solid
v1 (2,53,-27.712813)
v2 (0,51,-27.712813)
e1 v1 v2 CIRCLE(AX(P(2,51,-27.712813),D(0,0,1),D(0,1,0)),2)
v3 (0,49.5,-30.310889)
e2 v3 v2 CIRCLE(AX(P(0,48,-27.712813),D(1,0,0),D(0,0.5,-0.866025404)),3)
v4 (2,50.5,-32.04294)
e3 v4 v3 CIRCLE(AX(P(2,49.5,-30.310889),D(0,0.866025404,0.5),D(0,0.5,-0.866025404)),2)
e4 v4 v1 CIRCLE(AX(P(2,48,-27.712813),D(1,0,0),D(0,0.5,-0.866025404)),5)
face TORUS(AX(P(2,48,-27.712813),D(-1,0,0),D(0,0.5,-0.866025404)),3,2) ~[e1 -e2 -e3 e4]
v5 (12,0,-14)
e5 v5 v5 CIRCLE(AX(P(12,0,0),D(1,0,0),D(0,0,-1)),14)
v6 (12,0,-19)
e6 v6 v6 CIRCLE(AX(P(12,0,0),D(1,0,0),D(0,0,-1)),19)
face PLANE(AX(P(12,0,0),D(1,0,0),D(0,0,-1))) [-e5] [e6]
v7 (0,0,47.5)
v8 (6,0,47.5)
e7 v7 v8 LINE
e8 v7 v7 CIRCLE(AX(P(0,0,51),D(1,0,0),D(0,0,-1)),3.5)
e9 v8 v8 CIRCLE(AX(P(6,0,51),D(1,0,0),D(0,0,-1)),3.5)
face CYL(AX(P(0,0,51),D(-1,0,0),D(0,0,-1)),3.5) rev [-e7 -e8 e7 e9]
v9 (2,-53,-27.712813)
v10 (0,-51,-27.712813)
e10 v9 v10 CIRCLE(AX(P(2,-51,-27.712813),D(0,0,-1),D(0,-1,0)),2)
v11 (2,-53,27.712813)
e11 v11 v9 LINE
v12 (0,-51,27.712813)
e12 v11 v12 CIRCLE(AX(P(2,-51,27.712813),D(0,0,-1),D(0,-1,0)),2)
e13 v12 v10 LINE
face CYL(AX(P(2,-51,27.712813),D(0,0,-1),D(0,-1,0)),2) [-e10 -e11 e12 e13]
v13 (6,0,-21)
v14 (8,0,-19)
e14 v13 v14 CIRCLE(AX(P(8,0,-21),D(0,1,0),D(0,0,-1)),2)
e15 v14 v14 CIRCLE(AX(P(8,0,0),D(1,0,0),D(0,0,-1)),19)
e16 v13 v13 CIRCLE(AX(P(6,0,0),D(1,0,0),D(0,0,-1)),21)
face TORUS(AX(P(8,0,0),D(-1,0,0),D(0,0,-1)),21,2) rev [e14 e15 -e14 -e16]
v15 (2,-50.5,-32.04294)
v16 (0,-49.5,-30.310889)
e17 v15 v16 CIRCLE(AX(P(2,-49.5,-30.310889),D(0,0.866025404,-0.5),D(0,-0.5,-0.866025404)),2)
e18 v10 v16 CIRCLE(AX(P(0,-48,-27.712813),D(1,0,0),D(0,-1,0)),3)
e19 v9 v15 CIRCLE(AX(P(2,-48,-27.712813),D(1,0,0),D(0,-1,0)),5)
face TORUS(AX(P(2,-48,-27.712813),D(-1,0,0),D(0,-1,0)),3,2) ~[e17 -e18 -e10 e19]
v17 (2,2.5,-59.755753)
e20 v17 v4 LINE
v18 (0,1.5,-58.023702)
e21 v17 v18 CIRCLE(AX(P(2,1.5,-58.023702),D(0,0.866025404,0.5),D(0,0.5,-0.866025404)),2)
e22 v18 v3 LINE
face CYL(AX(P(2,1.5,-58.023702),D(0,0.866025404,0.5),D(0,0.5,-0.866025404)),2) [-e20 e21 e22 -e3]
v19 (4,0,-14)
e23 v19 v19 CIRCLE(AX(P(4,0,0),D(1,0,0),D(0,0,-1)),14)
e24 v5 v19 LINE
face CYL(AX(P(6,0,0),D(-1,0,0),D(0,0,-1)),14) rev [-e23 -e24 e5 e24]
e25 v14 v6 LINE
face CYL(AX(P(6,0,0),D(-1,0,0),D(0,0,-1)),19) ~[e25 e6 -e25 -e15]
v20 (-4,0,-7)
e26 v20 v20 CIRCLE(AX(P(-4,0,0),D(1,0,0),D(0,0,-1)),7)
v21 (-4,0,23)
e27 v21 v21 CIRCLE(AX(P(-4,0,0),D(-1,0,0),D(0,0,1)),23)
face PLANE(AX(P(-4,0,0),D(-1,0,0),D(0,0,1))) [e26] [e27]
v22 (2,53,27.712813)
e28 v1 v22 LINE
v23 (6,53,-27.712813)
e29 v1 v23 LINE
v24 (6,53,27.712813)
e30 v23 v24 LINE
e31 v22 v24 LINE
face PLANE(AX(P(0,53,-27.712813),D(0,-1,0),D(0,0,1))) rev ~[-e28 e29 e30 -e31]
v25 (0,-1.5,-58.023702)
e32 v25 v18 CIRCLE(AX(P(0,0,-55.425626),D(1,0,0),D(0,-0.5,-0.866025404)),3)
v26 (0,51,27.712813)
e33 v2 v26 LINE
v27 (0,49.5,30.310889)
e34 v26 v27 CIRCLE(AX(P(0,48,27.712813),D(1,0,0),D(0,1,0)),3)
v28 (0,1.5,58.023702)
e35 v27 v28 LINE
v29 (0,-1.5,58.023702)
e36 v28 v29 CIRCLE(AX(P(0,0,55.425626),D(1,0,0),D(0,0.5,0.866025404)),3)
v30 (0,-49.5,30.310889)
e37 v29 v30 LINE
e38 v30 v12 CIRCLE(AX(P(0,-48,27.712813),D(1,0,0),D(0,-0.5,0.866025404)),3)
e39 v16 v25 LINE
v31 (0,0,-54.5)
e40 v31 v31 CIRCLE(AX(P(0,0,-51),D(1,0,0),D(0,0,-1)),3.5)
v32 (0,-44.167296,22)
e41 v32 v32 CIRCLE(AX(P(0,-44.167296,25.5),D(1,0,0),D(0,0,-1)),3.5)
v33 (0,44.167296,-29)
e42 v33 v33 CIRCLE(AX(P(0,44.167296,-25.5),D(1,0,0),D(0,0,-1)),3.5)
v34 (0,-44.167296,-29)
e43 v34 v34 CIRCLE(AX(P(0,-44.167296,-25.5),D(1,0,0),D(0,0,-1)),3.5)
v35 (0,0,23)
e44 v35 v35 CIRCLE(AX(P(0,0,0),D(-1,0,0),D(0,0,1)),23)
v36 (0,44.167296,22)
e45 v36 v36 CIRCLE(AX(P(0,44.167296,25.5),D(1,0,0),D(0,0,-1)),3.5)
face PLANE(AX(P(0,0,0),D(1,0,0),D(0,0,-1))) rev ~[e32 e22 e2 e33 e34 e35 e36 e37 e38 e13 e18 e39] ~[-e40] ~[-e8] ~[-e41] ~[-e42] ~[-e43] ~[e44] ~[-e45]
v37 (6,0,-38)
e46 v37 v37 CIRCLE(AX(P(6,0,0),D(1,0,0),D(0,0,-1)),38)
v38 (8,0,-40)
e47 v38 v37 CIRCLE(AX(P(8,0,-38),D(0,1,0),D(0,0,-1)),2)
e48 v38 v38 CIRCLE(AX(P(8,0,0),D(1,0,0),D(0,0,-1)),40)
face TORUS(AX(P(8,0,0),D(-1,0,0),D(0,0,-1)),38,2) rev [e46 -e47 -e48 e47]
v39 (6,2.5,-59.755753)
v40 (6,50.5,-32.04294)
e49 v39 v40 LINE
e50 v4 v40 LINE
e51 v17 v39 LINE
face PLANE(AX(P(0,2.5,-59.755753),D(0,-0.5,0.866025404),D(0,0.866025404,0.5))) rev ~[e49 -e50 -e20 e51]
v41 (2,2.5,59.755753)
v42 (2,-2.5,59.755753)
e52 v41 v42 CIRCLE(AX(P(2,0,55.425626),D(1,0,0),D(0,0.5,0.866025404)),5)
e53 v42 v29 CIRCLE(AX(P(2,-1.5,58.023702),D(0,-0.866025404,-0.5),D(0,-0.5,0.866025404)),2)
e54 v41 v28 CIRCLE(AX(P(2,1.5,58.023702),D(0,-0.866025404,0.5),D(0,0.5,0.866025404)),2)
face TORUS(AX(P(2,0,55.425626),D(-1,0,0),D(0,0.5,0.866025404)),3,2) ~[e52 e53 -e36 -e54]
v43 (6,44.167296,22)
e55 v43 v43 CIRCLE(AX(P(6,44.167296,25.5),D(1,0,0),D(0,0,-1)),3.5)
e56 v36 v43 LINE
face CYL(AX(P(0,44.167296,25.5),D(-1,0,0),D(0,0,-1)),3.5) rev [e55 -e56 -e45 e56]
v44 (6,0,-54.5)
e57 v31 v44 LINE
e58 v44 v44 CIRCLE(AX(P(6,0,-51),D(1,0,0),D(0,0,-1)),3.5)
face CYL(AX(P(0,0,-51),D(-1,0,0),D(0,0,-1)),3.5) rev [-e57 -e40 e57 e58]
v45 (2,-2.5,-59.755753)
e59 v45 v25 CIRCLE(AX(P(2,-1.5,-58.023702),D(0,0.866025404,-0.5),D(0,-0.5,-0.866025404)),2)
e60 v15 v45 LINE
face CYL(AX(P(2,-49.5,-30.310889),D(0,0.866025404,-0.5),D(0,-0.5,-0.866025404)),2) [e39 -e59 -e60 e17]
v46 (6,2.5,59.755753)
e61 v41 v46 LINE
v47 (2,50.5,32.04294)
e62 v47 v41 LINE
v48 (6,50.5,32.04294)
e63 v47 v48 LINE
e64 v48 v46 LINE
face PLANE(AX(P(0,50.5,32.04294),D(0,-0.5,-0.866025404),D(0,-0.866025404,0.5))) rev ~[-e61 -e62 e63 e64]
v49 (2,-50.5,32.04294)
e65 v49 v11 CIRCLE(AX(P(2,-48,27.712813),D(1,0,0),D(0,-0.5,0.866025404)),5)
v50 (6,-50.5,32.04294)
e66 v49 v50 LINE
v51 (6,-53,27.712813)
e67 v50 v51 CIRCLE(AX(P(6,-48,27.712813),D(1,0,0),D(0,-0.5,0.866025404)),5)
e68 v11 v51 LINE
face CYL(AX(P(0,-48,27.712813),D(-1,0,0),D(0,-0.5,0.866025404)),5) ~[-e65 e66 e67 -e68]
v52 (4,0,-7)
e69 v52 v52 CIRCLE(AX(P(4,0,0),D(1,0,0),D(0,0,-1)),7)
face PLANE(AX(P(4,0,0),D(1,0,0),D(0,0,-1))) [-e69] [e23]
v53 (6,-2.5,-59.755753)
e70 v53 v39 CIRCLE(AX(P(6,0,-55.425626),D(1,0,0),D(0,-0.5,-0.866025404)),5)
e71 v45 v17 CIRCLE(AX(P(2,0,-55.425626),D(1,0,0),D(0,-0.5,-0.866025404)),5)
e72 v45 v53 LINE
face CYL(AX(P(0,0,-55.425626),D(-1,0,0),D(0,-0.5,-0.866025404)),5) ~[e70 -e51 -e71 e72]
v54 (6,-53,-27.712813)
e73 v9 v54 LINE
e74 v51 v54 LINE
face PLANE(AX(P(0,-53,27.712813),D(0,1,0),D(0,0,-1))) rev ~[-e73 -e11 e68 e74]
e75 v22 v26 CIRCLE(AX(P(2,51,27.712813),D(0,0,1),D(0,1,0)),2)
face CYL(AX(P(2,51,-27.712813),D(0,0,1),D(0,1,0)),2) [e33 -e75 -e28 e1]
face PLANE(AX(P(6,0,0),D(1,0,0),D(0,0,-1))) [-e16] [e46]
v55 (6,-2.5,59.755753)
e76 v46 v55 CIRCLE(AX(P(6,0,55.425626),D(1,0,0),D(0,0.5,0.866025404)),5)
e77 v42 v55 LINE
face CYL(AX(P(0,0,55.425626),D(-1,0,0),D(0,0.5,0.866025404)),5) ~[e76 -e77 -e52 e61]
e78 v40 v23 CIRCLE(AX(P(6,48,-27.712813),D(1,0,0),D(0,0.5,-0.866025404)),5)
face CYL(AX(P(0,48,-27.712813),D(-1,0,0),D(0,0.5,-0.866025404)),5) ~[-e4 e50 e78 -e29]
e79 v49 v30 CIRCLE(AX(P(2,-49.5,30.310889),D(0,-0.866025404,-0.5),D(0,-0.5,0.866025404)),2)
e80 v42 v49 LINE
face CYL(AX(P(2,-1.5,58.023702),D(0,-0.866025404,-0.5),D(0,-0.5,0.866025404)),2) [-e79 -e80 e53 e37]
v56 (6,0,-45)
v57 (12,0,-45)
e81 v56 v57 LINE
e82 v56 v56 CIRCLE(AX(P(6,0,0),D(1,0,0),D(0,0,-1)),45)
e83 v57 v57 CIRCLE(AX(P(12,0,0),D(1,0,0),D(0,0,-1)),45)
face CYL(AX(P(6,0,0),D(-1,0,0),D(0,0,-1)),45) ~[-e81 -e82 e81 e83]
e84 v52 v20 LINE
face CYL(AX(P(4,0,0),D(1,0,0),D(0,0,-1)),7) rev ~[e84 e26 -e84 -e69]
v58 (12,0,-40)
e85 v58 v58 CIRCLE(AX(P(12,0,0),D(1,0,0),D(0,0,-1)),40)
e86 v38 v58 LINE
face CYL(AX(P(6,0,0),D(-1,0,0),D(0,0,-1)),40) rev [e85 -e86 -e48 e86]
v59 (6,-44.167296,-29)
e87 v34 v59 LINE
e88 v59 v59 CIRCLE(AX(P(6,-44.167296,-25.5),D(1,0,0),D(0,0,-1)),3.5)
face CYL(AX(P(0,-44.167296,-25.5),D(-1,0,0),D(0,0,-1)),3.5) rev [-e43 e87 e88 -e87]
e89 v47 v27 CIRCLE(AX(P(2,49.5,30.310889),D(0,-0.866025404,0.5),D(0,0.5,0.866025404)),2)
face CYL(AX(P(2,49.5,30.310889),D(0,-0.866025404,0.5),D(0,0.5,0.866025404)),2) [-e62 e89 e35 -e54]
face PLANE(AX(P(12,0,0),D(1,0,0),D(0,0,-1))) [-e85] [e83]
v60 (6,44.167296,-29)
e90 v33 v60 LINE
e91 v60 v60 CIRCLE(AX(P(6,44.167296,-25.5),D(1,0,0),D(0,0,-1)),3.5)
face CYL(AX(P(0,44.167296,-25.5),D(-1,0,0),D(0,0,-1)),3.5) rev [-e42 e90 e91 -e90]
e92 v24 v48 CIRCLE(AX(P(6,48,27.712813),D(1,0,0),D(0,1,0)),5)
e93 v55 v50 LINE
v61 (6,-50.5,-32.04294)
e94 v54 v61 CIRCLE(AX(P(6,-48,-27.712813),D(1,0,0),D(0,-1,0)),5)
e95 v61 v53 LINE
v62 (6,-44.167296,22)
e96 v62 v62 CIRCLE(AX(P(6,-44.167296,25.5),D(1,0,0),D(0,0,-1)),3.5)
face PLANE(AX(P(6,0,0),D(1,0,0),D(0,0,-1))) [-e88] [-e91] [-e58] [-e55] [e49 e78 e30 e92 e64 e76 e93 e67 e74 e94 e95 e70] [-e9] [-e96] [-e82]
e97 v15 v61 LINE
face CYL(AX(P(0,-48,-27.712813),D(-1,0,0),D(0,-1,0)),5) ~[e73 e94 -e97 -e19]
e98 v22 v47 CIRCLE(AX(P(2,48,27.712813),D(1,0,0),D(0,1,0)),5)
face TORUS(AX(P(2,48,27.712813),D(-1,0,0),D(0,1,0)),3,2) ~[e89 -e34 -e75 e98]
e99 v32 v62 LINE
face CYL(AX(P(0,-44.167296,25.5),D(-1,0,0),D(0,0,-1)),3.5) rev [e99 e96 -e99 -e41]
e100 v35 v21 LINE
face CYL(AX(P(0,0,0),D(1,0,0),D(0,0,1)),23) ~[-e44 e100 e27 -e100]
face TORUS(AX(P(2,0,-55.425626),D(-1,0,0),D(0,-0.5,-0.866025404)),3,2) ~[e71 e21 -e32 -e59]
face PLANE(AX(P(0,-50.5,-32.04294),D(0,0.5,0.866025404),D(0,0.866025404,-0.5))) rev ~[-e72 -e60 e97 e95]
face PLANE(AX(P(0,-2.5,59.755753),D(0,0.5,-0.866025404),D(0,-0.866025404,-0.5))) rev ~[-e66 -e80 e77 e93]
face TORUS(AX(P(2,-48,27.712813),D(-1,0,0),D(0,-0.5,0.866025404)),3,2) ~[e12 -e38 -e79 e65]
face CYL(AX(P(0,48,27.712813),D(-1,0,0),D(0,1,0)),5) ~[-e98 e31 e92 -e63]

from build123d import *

# Parameters (mm, degrees)
SKETCH1_R               = 3.5
BOSS_EXTRUDE1_DEPTH     = 6
FILLET1_R               = 2
SKETCH2_R               = 45
SKETCH2_R_2             = 40
BOSS_EXTRUDE2_DEPTH     = 6
FILLET2_R               = 2
SKETCH3_R               = 19
SKETCH3_R_2             = 14
BOSS_EXTRUDE3_DEPTH     = 6
FILLET3_R               = 2
SKETCH4_R               = 14
CUT_EXTRUDE1_DEPTH      = 2
SKETCH6_R               = 23
BOSS_EXTRUDE4_DEPTH     = 4
SKETCH7_R               = 7
CUT_EXTRUDE2_DEPTH      = 9
CUT_EXTRUDE2_DEPTH_BACK = 9


with BuildPart() as part:
    # Sketch1 → Boss-Extrude1 (new body)
    with BuildSketch(Plane(origin=(0, 0, 0), x_dir=(0, 0, -1), z_dir=(1, 0, 0))):
        with BuildLine():
            Line((59.755752861, 2.5), (32.04293994, 50.5))
            ThreePointArc((32.04293994, 50.5), (30.212812921, 52.330127019), (27.712812921, 53))
            Line((27.712812921, 53), (-27.712812921, 53))
            ThreePointArc((-27.712812921, 53), (-30.212812921, 52.330127019), (-32.04293994, 50.5))
            Line((-32.04293994, 50.5), (-59.755752861, 2.5))
            ThreePointArc((-59.755752861, 2.5), (-60.425625842, 0), (-59.755752861, -2.5))
            Line((-59.755752861, -2.5), (-32.04293994, -50.5))
            ThreePointArc((-32.04293994, -50.5), (-30.212812921, -52.330127019), (-27.712812921, -53))
            Line((-27.712812921, -53), (27.712812921, -53))
            ThreePointArc((27.712812921, -53), (30.212812921, -52.330127019), (32.04293994, -50.5))
            Line((32.04293994, -50.5), (59.755752861, -2.5))
            ThreePointArc((59.755752861, -2.5), (60.425625842, 0), (59.755752861, 2.5))
        make_face()
        with Locations((-51, 0)):
            Circle(SKETCH1_R, mode=Mode.SUBTRACT)
        with Locations((-25.5, 44.167295593)):
            Circle(SKETCH1_R, mode=Mode.SUBTRACT)
        with Locations((25.5, 44.167295593)):
            Circle(SKETCH1_R, mode=Mode.SUBTRACT)
        with Locations((51, 0)):
            Circle(SKETCH1_R, mode=Mode.SUBTRACT)
        with Locations((25.5, -44.167295593)):
            Circle(SKETCH1_R, mode=Mode.SUBTRACT)
        with Locations((-25.5, -44.167295593)):
            Circle(SKETCH1_R, mode=Mode.SUBTRACT)
    extrude(amount=BOSS_EXTRUDE1_DEPTH)

    # Fillet1
    fillet1_edges = [part.edges().sort_by_distance(p)[0] for p in [
        (0, 26.5, -45.899346401),
        (0, 0, -60.425625842),
        (0, -26.5, -45.899346401),
        (0, -52.330127019, -30.212812921),
        (0, -53, 0),
        (0, -52.330127019, 30.212812921),
        (0, -26.5, 45.899346401),
        (0, 0, 60.425625842),
        (0, 26.5, 45.899346401),
        (0, 52.330127019, 30.212812921),
        (0, 53, 0),
        (0, 52.330127019, -30.212812921),
    ]]
    fillet(fillet1_edges, radius=FILLET1_R)

    # Sketch2 → Boss-Extrude2 (add)
    with BuildSketch(Plane(origin=(6, 0, 0), x_dir=(0, 0, -1), z_dir=(1, 0, 0))):
        Circle(SKETCH2_R)
        Circle(SKETCH2_R_2, mode=Mode.SUBTRACT)
    extrude(amount=BOSS_EXTRUDE2_DEPTH)

    # Fillet2
    fillet2_edges = [part.edges().sort_by_distance(p)[0] for p in [
        (6, 0, 40),
    ]]
    fillet(fillet2_edges, radius=FILLET2_R)

    # Sketch3 → Boss-Extrude3 (add)
    with BuildSketch(Plane(origin=(6, 0, 0), x_dir=(0, 0, -1), z_dir=(1, 0, 0))):
        Circle(SKETCH3_R)
        Circle(SKETCH3_R_2, mode=Mode.SUBTRACT)
    extrude(amount=BOSS_EXTRUDE3_DEPTH)

    # Fillet3
    fillet3_edges = [part.edges().sort_by_distance(p)[0] for p in [
        (6, 0, 19),
    ]]
    fillet(fillet3_edges, radius=FILLET3_R)

    # Sketch4 → Cut-Extrude1 (cut)
    with BuildSketch(Plane(origin=(6, 0, 0), x_dir=(0, 0, -1), z_dir=(1, 0, 0))):
        Circle(SKETCH4_R)
    extrude(amount=-CUT_EXTRUDE1_DEPTH, mode=Mode.SUBTRACT)

    # Sketch6 → Boss-Extrude4 (add)
    with BuildSketch(Plane.ZY):
        Circle(SKETCH6_R)
    extrude(amount=BOSS_EXTRUDE4_DEPTH)

    # Sketch7 → Cut-Extrude2 (cut, two sides)
    with BuildSketch(Plane(origin=(4, 0, 0), x_dir=(0, 0, -1), z_dir=(1, 0, 0))) as cut_extrude2_sk:
        Circle(SKETCH7_R)
    extrude(amount=CUT_EXTRUDE2_DEPTH, mode=Mode.SUBTRACT)
    extrude(cut_extrude2_sk.sketch, amount=-CUT_EXTRUDE2_DEPTH_BACK, mode=Mode.SUBTRACT)


solid = part.part
